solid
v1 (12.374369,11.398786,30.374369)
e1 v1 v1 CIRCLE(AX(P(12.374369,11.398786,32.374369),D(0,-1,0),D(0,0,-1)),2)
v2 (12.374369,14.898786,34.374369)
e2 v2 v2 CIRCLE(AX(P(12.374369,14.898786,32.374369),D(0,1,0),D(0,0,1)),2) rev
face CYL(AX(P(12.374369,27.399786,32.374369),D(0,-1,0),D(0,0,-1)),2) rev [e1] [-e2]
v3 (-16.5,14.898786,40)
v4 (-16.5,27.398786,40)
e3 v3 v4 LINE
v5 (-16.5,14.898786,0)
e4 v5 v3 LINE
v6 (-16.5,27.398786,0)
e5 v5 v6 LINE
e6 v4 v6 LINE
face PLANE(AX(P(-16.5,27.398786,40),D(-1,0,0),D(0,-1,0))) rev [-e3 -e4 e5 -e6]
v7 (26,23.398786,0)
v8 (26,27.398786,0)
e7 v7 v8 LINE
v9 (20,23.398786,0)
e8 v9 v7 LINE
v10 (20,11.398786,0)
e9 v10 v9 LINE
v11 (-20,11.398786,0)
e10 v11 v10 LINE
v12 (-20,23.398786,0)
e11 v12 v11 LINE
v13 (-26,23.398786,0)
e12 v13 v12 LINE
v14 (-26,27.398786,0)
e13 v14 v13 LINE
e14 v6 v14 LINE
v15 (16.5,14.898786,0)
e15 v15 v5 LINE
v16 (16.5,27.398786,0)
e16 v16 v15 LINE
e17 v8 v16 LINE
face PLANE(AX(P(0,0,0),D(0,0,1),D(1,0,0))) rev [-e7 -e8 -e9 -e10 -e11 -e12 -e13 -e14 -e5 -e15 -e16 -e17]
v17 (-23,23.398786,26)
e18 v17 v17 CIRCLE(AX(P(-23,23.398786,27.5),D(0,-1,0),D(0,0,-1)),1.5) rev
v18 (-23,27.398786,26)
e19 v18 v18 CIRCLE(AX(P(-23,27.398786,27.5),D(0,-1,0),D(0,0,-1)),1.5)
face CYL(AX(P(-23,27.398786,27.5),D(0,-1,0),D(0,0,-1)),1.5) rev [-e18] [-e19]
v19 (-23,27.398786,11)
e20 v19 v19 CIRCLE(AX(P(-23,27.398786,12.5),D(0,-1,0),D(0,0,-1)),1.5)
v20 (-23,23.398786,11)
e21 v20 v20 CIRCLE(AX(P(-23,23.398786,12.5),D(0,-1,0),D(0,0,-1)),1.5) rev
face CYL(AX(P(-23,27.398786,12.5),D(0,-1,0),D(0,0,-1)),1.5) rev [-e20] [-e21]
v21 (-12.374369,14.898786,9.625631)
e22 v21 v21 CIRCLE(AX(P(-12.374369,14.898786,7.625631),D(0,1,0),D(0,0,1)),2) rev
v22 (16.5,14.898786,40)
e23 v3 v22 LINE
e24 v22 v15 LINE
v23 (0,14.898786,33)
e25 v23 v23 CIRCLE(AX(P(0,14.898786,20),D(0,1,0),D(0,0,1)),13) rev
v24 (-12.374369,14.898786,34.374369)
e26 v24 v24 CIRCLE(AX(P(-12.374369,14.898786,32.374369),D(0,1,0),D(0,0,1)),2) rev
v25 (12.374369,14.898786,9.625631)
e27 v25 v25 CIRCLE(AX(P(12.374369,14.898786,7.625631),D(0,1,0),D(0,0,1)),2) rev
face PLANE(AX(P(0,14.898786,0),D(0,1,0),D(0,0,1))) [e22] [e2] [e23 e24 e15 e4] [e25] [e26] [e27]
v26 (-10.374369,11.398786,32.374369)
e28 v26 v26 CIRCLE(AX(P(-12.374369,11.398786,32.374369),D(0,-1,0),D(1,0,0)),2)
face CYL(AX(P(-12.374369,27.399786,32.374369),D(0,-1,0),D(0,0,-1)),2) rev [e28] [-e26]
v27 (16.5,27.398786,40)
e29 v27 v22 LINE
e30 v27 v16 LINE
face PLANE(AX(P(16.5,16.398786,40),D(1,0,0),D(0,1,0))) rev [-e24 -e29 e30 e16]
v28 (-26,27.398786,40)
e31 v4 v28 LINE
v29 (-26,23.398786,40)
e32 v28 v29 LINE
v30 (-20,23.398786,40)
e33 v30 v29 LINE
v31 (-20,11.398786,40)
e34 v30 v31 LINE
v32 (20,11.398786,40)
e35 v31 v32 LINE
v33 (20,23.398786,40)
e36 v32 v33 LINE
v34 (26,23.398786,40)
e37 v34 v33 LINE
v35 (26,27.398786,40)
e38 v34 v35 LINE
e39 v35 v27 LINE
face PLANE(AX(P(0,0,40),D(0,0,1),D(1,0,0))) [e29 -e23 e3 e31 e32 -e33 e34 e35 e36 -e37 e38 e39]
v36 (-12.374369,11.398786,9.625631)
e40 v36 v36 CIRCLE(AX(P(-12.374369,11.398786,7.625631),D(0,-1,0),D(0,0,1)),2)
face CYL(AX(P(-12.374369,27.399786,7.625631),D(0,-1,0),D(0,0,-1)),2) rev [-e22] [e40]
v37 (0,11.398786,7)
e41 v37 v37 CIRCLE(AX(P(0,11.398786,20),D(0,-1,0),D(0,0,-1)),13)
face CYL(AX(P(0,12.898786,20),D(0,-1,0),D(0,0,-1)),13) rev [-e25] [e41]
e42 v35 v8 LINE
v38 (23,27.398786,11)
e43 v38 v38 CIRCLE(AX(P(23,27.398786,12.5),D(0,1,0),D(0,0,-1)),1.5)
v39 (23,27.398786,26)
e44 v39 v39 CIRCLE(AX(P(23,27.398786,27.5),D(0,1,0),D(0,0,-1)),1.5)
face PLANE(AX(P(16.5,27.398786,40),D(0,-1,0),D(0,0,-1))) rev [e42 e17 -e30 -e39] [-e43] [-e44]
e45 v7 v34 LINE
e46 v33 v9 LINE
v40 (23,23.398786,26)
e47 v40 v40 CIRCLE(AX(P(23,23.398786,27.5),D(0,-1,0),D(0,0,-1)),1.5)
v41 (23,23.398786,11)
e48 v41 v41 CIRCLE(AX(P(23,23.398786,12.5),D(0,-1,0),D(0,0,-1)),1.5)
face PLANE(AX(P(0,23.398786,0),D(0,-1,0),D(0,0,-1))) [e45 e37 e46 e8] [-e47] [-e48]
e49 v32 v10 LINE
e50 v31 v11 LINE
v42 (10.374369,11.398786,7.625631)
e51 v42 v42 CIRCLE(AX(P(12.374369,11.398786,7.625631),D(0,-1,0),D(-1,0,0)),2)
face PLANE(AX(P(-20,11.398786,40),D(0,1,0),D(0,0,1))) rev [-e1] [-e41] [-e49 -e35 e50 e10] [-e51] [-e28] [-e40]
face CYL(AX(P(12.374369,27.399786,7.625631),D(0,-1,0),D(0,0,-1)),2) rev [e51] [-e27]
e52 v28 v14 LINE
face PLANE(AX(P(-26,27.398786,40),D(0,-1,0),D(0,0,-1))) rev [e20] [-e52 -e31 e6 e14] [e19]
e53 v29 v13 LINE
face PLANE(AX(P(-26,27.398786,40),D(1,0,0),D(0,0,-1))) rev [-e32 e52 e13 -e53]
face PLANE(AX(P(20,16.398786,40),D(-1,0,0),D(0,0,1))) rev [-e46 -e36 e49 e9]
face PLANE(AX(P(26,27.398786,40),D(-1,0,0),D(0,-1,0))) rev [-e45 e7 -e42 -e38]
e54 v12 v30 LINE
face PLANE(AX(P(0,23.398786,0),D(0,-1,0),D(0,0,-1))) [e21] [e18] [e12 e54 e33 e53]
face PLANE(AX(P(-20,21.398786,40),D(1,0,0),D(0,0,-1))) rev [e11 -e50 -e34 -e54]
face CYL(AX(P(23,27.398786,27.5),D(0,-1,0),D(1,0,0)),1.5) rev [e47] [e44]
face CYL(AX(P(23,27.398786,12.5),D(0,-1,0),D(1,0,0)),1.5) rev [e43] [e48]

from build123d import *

# Parameters (mm, degrees)
EXTRUDE_1_DEPTH          = 40
SKETCH_2_R               = 13
CUT_EXTRUDE_1_DEPTH      = 1.5
SKETCH_3_R               = 13
CUT_EXTRUDE_2_DEPTH      = 15.5
SKETCH_4_R               = 2
CUT_EXTRUDE_3_DEPTH      = 5
PATTERN_CIRCULAR_1_COUNT = 4
SKETCH_5_R               = 1.5
CUT_EXTRUDE_4_DEPTH      = 7
SKETCH_6_W               = 33
SKETCH_6_H               = 40
CUT_EXTRUDE_5_DEPTH      = 1.5
SKETCH_7_W               = 6
SKETCH_7_H               = 40
CUT_EXTRUDE_6_DEPTH      = 2


with BuildPart() as part:
    # 草图1 → 凸台-拉伸1 (new body)
    with BuildSketch(Plane.XY):
        Polygon((-16.5, 27.398785639), (-16.5, 16.398785639), (16.5, 16.398785639), (16.5, 27.398785639), (26, 27.398785639), (26, 21.398785639), (20, 21.398785639), (20, 16.398785639), (20, 11.398785639), (-20, 11.398785639), (-20, 21.398785639), (-26, 21.398785639), (-26, 27.398785639), align=None)
    extrude(amount=EXTRUDE_1_DEPTH)

    # 草图2 → 切除-拉伸1 (cut)
    with BuildSketch(Plane.XZ.offset(-11.398785639)):
        with Locations((0, 20)):
            Circle(SKETCH_2_R)
    extrude(amount=-CUT_EXTRUDE_1_DEPTH, mode=Mode.SUBTRACT)

    # 草图3 → 切除-拉伸2 (cut, through all)
    with BuildSketch(Plane.XZ.offset(-12.898785639)):
        with Locations((0, 20)):
            Circle(SKETCH_3_R)
    extrude(amount=-CUT_EXTRUDE_2_DEPTH, mode=Mode.SUBTRACT)

    # 草图4 → 切除-拉伸3 (cut)
    with BuildSketch(Plane.XZ.offset(-11.398785639)):
        with Locations((12.374368671, 32.374368671)):
            Circle(SKETCH_4_R)
    cut_extrude_3 = extrude(amount=-CUT_EXTRUDE_3_DEPTH, mode=Mode.SUBTRACT)

    # 阵列(圆周)1: 切除-拉伸3 ×4 about axis
    pattern_circular_1_axis = Axis((0, 0, 20), (0, 1, 0))
    for i in range(1, PATTERN_CIRCULAR_1_COUNT):
        add(cut_extrude_3.rotate(pattern_circular_1_axis, i * 360 / PATTERN_CIRCULAR_1_COUNT), mode=Mode.SUBTRACT)

    # 草图5 → 切除-拉伸4 (cut, through all)
    with BuildSketch(Plane.XZ.offset(-21.398785639)):
        with Locations((-23, 27.5)):
            Circle(SKETCH_5_R)
        with Locations((-23, 12.5)):
            Circle(SKETCH_5_R)
    cut_extrude_4 = extrude(amount=-CUT_EXTRUDE_4_DEPTH, mode=Mode.SUBTRACT)

    # 镜向1: 切除-拉伸4 across plane
    add(cut_extrude_4.mirror(Plane.ZY), mode=Mode.SUBTRACT)

    # 草图6 → 切除-拉伸5 (cut)
    with BuildSketch(Plane(origin=(0, 16.398785639, 0), x_dir=(1, 0, 0), z_dir=(0, 1, 0))):
        with Locations((0, -20)):
            Rectangle(SKETCH_6_W, SKETCH_6_H)
    extrude(amount=-CUT_EXTRUDE_5_DEPTH, mode=Mode.SUBTRACT)

    # 草图7 → 切除-拉伸6 (cut)
    with BuildSketch(Plane.XZ.offset(-21.398785639)):
        with Locations((-23, 20)):
            Rectangle(SKETCH_7_W, SKETCH_7_H)
        with Locations((23, 20)):
            Rectangle(SKETCH_7_W, SKETCH_7_H)
    extrude(amount=-CUT_EXTRUDE_6_DEPTH, mode=Mode.SUBTRACT)


solid = part.part
